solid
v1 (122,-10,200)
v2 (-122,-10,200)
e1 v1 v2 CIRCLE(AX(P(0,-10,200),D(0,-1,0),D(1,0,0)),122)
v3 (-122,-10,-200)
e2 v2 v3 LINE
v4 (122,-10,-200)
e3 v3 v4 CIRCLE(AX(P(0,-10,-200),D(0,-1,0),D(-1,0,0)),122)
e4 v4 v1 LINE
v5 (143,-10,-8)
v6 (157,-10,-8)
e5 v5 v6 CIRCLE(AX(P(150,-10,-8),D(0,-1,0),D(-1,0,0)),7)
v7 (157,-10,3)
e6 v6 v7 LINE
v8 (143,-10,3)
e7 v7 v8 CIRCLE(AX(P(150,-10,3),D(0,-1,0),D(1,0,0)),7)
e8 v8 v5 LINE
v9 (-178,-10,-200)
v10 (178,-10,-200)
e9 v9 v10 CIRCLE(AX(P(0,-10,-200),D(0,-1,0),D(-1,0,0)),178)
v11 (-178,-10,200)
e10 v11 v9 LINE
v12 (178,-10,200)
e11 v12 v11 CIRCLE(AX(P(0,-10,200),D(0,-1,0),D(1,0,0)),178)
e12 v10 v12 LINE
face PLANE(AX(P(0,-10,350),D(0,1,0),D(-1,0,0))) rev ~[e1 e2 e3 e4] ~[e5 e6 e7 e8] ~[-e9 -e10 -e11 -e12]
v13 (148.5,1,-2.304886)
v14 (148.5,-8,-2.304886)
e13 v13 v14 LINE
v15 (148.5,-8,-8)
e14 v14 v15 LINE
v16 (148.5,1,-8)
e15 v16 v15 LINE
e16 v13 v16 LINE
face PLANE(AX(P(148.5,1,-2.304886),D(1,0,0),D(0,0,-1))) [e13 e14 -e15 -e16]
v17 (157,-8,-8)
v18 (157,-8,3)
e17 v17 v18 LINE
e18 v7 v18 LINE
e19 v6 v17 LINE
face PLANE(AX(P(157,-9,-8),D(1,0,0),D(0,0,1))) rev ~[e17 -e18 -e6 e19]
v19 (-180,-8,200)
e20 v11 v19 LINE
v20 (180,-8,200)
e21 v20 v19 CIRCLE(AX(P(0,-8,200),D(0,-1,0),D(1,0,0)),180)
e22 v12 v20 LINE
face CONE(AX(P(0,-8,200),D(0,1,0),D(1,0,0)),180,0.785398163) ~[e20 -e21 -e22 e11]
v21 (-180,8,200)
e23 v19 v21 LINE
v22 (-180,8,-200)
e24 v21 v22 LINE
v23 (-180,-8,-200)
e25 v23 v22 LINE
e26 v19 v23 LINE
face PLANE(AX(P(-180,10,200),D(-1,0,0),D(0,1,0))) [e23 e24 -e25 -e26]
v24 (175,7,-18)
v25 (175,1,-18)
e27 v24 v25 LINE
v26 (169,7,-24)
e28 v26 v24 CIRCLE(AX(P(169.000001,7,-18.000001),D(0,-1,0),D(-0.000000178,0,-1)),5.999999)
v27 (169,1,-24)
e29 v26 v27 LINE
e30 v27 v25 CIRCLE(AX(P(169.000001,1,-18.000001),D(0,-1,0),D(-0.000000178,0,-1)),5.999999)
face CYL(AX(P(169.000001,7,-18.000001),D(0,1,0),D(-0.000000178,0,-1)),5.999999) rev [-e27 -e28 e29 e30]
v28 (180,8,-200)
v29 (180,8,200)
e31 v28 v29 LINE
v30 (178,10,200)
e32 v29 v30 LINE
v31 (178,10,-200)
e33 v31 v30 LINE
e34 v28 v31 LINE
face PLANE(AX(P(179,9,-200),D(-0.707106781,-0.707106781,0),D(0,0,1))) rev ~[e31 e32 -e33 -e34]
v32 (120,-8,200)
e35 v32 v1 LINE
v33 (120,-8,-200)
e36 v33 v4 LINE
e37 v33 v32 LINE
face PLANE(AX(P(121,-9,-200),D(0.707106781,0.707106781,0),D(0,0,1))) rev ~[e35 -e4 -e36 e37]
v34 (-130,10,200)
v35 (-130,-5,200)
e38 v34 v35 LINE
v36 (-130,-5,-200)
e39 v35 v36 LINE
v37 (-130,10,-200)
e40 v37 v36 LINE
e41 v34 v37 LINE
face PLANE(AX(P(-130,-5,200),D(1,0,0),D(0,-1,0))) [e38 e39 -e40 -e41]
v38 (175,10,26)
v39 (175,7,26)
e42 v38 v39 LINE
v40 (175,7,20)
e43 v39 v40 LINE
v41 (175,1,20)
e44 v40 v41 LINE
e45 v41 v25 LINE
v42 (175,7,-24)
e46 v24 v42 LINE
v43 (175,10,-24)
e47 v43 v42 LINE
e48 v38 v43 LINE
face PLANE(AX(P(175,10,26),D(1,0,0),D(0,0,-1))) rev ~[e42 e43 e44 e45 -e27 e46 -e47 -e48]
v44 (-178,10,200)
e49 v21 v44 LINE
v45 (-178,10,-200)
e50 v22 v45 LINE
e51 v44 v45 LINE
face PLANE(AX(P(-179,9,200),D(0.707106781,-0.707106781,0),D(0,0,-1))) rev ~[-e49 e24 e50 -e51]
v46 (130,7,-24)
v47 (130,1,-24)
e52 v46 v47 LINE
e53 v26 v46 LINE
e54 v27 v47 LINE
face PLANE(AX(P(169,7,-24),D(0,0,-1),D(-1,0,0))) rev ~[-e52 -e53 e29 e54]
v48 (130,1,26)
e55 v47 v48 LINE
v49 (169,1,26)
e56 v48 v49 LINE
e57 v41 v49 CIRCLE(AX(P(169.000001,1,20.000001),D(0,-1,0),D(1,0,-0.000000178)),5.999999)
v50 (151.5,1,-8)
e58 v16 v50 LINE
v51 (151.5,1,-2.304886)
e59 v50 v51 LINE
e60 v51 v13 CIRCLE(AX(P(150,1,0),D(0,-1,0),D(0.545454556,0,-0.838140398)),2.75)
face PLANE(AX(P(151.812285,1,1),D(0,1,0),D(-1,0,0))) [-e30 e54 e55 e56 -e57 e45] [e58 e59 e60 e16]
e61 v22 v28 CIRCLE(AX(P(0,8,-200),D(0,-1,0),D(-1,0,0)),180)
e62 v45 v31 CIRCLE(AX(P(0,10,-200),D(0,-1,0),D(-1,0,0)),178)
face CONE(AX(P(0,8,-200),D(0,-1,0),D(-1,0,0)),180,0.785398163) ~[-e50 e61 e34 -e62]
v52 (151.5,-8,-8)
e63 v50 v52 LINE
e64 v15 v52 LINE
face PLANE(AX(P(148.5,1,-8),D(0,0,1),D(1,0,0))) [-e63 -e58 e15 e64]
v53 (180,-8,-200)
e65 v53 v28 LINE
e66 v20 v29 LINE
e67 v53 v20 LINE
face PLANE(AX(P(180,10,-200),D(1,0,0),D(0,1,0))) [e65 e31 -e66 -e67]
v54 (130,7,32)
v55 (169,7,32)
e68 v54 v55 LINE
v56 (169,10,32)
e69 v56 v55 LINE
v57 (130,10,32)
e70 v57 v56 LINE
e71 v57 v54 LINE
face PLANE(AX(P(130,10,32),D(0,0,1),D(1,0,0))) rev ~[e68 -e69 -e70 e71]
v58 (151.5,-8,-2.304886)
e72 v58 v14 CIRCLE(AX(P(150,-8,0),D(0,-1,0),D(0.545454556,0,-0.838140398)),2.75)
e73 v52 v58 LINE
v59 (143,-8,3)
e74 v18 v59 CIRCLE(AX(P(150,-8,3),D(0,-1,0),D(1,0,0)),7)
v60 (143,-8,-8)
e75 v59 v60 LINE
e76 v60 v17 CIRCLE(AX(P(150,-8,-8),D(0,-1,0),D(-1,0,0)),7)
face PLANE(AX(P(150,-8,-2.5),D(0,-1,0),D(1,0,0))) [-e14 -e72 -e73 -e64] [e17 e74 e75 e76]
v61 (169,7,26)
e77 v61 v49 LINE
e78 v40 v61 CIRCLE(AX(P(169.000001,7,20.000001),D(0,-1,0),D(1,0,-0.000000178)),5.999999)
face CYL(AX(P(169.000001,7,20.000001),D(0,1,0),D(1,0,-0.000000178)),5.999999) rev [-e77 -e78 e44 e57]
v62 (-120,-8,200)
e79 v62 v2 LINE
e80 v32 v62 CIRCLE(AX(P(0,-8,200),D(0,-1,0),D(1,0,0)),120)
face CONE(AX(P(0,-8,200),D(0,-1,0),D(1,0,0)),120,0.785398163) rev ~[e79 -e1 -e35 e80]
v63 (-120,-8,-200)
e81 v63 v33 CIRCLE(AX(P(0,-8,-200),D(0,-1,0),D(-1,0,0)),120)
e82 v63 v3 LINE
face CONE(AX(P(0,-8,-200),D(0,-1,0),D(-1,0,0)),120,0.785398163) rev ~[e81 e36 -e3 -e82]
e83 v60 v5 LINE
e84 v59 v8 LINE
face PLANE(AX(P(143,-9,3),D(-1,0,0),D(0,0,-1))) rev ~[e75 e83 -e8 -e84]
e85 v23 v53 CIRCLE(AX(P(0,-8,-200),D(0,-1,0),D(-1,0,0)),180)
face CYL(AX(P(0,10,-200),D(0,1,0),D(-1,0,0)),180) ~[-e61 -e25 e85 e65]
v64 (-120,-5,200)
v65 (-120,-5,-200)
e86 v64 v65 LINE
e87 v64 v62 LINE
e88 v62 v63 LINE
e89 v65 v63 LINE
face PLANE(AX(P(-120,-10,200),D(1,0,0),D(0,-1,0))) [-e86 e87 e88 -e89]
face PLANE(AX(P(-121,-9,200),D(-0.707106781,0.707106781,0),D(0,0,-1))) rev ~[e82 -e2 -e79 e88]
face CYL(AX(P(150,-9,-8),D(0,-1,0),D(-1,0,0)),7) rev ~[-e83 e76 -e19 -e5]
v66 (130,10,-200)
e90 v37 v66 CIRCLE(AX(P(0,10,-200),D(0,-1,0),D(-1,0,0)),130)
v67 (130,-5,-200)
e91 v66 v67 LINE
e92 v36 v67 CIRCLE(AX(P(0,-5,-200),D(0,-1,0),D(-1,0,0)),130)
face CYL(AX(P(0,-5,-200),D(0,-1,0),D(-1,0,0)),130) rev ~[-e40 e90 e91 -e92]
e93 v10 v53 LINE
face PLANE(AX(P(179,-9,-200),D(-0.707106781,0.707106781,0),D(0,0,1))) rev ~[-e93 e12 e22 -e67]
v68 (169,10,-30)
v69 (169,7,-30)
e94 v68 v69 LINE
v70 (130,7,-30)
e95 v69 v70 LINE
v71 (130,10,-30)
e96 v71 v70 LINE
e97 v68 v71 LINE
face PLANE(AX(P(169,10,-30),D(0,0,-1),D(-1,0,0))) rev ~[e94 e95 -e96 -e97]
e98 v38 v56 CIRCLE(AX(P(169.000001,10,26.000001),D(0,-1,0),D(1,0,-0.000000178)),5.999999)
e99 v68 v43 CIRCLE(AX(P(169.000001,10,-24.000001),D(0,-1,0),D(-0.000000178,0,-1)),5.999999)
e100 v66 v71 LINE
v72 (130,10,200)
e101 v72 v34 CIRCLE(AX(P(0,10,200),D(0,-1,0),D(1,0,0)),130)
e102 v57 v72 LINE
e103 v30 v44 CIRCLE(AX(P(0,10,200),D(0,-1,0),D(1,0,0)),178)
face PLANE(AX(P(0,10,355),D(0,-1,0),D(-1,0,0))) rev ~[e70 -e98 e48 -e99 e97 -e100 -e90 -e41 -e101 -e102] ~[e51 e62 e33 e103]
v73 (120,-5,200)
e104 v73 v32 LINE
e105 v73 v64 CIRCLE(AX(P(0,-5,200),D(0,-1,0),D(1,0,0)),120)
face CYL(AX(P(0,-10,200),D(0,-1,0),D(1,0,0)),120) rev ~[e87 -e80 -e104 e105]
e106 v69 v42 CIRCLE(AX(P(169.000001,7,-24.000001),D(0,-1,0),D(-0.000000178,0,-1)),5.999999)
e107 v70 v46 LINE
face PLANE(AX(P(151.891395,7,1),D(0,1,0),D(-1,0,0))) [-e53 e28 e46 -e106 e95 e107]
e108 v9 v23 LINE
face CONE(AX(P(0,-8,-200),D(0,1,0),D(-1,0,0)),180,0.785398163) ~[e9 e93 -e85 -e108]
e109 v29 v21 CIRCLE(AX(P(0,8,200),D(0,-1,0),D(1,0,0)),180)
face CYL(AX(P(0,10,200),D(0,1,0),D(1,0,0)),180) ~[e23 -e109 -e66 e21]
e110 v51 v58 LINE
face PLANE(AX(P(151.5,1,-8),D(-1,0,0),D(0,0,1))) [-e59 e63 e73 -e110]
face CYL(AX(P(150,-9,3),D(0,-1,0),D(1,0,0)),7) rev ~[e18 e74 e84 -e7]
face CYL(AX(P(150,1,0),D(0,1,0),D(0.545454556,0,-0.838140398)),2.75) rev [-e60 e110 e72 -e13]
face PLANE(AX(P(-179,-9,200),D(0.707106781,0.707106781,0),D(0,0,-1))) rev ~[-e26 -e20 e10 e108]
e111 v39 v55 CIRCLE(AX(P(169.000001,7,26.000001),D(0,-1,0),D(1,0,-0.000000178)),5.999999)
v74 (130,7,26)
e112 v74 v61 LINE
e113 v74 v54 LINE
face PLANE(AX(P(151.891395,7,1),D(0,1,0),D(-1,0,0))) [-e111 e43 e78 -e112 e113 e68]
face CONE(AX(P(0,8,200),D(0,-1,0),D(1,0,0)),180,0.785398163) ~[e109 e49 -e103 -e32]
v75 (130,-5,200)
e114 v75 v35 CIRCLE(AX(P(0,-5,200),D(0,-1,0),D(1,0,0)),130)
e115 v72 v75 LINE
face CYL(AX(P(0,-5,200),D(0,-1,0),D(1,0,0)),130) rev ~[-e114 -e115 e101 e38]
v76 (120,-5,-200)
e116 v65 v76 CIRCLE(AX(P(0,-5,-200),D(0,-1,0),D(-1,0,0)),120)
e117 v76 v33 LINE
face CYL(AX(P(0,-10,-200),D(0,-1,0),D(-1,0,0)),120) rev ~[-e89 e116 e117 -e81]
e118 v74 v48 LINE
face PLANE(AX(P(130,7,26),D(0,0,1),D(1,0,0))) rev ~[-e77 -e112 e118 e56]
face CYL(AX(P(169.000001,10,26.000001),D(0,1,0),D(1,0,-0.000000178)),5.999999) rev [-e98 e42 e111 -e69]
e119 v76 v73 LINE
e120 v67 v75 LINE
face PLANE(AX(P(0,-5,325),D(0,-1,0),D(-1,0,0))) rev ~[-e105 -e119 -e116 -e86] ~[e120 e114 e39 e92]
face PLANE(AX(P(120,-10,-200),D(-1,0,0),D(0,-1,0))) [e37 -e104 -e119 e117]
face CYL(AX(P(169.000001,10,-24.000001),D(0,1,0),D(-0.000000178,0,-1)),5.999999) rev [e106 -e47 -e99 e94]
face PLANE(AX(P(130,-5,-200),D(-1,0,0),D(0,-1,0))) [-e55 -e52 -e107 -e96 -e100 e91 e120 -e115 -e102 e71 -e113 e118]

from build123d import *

# Parameters (mm, degrees)
EXTRUDE016_DEPTH = 6
EXTRUDE017_DEPTH = 3
EXTRUDE026_DEPTH = 9
EXTRUDE015_DEPTH = 1
CHAMFER_SIZE     = 2


with BuildPart() as lockbodycutout:
    # Sketch021 → Extrude016 (new body)
    with BuildSketch(Plane.XZ):
        with BuildLine():
            Line((-20, 26), (19, 26))
            ThreePointArc((25, 20), (23.242641, 24.242641), (19, 26))
            Line((25, 20), (25, -18))
            ThreePointArc((19, -24), (23.242641, -22.242641), (25, -18))
            Line((19, -24), (-20, -24))
            Line((-20, -24), (-20, 26))
        make_face()
    extrude(amount=EXTRUDE016_DEPTH)


with BuildPart() as lockbodycutout_1:
    # Extrude016 placement: moved
    add(lockbodycutout.part.moved(Location((150, 7, 0))))


with BuildPart() as lockmountcutout:
    # Sketch024 → Extrude017 (new body)
    with BuildSketch(Plane.XZ):
        with BuildLine():
            Line((-20, 32), (19, 32))
            ThreePointArc((25, 26), (23.242641, 30.242641), (19, 32))
            Line((25, 26), (25, -24))
            ThreePointArc((19, -30), (23.242641, -28.242641), (25, -24))
            Line((19, -30), (-20, -30))
            Line((-20, -30), (-20, 32))
        make_face()
    extrude(amount=EXTRUDE017_DEPTH)


with BuildPart() as lockmountcutout_1:
    # Extrude017 placement: moved
    add(lockmountcutout.part.moved(Location((150, 10, 0))))


with BuildPart() as keyhole:
    # Sketch034 → Extrude026 (new body)
    with BuildSketch(Plane.XZ):
        with BuildLine():
            ThreePointArc((1.5, -2.304886), (0, 2.75), (-1.5, -2.304886))
            Line((-1.5, -2.304886), (-1.5, -8))
            Line((-1.5, -8), (1.5, -8))
            Line((1.5, -8), (1.5, -2.304886))
        make_face()
    extrude(amount=EXTRUDE026_DEPTH)


with BuildPart() as keyhole_1:
    # Extrude026 placement: moved
    add(keyhole.part.moved(Location((150, 1, 0))))


with BuildPart() as doorcutouts:
    # Sketch018 → Extrude015 (new body, symmetric)
    with BuildSketch(Plane.XZ):
        with BuildLine():
            ThreePointArc((157, 3), (150, 10), (143, 3))
            Line((143, 3), (143, -8))
            ThreePointArc((143, -8), (150, -15), (157, -8))
            Line((157, -8), (157, 3))
        make_face()
    extrude(amount=EXTRUDE015_DEPTH, both=True)


with BuildPart() as doorcutouts_1:
    # Extrude015 placement: moved
    add(doorcutouts.part.moved(Location((0, -9, 0))))

    # Fusion: union LockBodyCutout, LockMountCutout, Keyhole
    add(lockbodycutout_1.part)
    add(lockmountcutout_1.part)
    add(keyhole_1.part)


with BuildPart() as door:
    # Sweep001: sweep along a path in Sketch001
    with BuildLine(Plane.XZ) as sweep001_path:
        ThreePointArc((180, 200), (0, 380), (-180, 200))
        Line((-180, 200), (-180, -200))
        ThreePointArc((-180, -200), (0, -380), (180, -200))
        Line((180, -200), (180, 200))
    # Sketch006 → Sweep001 (sweep)
    with BuildSketch(Plane.XY):
        Polygon((120, -10), (120, -5), (130, -5), (130, 10), (180, 10), (180, -10), align=None)
    sweep(path=sweep001_path.line)

    # Cut: cut DoorCutouts
    add(doorcutouts_1.part, mode=Mode.SUBTRACT)

    # Chamfer
    chamfer_edges = [door.edges().sort_by_distance(p)[0] for p in [
        (0, -10, 320),
        (0, -10, 380),
        (120, -10, 0),
        (-120, -10, 0),
        (0, 10, 380),
        (180, -10, 0),
        (-180, -10, 0),
        (0, -10, -320),
        (180, 10, 0),
        (-180, 10, 0),
        (0, -10, -380),
        (0, 10, -380),
    ]]
    chamfer(chamfer_edges, length=CHAMFER_SIZE)


solid = door.part
